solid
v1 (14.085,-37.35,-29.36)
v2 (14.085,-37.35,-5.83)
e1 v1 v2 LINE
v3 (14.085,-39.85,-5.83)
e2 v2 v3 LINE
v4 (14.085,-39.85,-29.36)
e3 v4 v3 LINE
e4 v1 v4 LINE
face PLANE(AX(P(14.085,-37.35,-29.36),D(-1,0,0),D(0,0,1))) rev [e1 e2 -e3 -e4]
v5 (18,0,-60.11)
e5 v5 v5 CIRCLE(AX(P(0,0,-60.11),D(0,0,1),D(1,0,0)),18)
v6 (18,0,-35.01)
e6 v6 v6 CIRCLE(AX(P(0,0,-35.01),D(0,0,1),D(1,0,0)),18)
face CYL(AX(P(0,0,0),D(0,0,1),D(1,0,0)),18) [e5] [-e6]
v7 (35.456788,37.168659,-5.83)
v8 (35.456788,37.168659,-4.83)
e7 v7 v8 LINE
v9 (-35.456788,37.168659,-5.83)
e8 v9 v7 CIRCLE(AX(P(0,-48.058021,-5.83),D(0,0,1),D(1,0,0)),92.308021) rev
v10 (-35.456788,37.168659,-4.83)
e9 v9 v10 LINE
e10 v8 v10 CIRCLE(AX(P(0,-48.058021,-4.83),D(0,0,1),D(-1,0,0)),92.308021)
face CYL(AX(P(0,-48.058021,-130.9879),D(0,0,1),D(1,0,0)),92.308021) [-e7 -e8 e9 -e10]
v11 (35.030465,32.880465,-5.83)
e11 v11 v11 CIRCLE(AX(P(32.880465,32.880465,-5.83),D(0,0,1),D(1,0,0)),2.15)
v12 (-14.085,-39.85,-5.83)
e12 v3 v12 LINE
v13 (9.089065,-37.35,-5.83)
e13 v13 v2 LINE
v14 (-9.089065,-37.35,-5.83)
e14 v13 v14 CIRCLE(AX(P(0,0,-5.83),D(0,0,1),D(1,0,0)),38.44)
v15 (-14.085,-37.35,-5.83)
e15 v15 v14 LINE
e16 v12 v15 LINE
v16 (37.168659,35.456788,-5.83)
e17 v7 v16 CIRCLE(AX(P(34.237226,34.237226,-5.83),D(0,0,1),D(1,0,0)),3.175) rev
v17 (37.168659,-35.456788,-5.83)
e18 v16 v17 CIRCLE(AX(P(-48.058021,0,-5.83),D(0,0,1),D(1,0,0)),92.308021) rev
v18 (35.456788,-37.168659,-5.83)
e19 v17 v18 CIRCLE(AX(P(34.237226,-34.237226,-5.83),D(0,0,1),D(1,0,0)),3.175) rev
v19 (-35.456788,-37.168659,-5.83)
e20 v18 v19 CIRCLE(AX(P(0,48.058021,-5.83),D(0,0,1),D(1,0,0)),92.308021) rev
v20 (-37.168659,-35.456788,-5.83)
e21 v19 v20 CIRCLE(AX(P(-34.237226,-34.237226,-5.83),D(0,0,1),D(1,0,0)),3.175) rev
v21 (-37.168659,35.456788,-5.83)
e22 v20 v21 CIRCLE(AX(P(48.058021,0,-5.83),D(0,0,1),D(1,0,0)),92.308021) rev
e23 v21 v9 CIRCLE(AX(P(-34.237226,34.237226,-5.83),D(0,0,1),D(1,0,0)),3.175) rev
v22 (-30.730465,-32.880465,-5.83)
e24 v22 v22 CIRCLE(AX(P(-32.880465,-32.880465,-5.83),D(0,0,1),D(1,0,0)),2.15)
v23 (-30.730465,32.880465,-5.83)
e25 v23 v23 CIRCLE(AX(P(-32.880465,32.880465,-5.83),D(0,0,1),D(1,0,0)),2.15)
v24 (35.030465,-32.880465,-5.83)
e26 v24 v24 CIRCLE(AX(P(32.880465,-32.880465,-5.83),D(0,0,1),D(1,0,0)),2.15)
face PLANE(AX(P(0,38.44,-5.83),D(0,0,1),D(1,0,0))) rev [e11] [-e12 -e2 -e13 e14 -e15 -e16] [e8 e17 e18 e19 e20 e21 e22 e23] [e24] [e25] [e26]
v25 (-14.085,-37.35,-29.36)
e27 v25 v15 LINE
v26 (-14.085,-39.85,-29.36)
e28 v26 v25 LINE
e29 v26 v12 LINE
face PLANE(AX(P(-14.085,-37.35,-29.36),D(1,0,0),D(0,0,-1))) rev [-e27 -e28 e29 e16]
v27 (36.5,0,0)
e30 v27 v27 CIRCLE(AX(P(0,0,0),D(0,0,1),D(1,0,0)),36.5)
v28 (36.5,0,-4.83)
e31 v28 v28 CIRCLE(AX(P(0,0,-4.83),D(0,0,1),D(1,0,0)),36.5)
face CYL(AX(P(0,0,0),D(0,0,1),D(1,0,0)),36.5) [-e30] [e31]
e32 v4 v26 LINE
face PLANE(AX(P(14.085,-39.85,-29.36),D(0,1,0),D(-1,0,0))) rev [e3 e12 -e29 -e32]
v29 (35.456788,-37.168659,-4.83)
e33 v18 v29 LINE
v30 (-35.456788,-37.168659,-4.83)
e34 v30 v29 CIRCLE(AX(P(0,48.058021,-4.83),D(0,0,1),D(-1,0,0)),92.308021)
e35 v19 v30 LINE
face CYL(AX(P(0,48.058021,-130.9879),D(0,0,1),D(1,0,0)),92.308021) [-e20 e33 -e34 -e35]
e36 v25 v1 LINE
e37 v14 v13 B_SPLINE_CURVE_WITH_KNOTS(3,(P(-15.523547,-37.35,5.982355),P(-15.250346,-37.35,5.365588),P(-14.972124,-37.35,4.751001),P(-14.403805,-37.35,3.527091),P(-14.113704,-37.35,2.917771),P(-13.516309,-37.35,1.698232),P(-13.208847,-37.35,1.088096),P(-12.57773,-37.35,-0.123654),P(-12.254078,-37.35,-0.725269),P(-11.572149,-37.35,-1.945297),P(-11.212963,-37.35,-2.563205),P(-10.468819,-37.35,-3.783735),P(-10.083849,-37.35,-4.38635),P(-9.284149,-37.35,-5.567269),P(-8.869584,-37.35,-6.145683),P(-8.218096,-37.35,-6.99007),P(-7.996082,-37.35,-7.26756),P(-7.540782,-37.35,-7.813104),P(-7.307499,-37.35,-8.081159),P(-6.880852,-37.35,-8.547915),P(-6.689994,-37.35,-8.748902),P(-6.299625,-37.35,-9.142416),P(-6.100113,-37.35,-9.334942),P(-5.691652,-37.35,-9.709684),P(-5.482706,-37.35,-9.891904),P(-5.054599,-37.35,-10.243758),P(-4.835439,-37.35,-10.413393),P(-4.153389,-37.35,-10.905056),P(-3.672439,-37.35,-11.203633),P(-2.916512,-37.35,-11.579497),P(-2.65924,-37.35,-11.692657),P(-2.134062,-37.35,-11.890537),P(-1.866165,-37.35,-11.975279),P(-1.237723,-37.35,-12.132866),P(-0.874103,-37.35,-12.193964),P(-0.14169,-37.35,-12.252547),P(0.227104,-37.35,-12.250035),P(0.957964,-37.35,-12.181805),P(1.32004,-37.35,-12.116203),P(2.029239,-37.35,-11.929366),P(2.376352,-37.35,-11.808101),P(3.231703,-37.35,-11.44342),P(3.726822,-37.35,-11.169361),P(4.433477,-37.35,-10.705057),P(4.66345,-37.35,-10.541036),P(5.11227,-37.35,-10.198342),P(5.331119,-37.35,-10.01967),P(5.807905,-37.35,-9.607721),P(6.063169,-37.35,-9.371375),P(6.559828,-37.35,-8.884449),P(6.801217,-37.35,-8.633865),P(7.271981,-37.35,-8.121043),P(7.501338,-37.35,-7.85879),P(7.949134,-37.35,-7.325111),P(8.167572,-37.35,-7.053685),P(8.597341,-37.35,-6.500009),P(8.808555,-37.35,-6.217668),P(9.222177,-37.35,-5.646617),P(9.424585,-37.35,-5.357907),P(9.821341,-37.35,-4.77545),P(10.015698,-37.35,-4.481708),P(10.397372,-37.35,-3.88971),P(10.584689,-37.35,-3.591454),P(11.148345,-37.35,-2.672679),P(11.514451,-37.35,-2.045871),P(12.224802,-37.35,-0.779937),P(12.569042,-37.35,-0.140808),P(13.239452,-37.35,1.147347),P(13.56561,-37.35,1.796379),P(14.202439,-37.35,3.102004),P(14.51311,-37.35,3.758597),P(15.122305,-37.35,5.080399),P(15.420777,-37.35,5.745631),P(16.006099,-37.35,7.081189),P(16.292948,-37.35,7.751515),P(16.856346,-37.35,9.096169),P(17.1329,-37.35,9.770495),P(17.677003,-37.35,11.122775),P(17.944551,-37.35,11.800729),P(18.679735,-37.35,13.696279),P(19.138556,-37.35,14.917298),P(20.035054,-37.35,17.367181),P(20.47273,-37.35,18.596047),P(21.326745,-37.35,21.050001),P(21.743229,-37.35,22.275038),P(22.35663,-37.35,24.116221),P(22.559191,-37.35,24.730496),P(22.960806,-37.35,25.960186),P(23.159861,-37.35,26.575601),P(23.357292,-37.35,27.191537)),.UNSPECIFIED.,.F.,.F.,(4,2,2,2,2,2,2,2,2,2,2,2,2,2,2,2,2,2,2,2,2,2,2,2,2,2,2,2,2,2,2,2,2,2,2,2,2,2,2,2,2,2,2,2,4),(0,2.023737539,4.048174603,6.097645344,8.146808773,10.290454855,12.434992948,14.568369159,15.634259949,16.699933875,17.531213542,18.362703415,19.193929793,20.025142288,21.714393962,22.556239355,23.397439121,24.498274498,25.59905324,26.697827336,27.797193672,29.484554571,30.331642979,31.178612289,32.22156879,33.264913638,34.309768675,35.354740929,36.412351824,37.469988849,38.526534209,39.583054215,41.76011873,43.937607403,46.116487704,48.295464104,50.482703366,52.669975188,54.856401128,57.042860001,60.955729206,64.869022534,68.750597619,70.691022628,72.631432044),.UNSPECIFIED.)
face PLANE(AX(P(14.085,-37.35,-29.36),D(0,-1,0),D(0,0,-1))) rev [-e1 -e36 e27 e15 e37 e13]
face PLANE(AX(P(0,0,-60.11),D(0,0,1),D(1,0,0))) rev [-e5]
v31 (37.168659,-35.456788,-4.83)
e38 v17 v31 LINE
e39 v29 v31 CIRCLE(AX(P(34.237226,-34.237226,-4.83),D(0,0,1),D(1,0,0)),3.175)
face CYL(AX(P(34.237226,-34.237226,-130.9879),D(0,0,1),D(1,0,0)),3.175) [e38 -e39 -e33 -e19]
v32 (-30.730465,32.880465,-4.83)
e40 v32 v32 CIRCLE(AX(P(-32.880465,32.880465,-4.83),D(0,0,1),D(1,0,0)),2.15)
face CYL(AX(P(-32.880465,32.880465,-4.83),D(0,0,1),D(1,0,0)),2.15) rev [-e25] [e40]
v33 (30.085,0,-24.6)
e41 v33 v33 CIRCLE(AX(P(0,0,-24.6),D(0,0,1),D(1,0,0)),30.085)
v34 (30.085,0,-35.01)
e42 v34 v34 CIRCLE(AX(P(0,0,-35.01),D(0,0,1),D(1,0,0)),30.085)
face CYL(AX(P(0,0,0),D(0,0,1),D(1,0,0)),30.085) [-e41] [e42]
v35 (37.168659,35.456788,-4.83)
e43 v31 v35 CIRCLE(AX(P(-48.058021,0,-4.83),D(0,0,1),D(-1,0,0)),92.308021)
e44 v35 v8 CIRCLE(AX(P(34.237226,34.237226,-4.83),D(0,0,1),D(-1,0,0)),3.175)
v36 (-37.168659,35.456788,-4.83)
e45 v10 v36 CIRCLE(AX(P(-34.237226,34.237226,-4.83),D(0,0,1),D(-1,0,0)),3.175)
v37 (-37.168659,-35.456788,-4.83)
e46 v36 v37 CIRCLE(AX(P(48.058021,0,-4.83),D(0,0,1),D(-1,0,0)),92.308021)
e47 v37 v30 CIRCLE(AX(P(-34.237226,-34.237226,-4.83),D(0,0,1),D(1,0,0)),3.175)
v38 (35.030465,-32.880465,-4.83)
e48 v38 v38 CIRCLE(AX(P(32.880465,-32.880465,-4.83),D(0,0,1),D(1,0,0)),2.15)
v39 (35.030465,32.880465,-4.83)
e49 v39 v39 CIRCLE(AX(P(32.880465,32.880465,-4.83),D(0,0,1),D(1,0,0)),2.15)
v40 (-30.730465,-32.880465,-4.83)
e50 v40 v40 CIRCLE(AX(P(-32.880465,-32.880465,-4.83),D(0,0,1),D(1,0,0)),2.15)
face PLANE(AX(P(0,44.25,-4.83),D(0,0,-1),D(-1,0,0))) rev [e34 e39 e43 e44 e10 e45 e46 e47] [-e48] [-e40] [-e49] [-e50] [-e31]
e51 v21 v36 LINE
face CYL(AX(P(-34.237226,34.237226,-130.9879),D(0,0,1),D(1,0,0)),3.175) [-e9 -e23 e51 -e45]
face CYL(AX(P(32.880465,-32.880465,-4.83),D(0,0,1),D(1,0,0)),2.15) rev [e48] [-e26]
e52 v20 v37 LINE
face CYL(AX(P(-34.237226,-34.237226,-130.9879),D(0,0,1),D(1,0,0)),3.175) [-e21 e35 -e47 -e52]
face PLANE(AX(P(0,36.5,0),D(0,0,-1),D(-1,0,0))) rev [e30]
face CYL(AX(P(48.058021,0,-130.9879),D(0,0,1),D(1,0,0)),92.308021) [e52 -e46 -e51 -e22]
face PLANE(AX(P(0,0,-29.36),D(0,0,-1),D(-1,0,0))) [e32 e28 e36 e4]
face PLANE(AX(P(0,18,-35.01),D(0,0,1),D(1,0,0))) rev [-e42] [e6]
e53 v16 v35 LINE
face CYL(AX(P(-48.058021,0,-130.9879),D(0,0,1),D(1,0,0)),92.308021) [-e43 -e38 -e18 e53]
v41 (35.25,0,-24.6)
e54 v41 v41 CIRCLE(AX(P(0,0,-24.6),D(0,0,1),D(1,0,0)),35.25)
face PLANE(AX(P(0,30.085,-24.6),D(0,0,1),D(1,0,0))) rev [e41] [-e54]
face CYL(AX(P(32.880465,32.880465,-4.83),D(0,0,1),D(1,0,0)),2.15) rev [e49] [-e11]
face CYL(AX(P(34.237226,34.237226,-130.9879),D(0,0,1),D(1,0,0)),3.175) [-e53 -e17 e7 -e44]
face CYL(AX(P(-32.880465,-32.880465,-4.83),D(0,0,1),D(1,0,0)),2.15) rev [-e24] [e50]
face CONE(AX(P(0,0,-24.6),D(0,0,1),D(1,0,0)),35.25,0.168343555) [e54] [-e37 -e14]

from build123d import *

# Parameters (mm, degrees)
BOSS_EXTRUDE1_DEPTH        = 1
F_4_3_4_3_DIAMETER_HOLE1_D = 4.3
SKETCH6_W                  = 28.17
SKETCH6_H                  = 2.5
BOSS_EXTRUDE2_DEPTH        = 23.53


with BuildPart() as part:
    # Sketch1 → Revolve1 (revolve)
    with BuildSketch(Plane(origin=(0, 0, 0), x_dir=(0, 0, -1), z_dir=(1, 0, 0)), mode=Mode.PRIVATE) as revolve1_sk:
        Polygon((60.11, 0), (60.11, 18), (35.01, 18), (35.01, 30.085), (24.6, 30.085), (24.6, 35.25), (5.83, 38.44), (5.83, 44.25), (4.83, 44.25), (4.83, 36.5), (0, 36.5), (0, 0), align=None)
    revolve(revolve1_sk.sketch.rotate(Axis((0, 0, 0), (0, 0, -1)), 90), axis=Axis((0, 0, 0), (0, 0, -1)))

    # Sketch2 → Boss-Extrude1 (add)
    with BuildSketch(Plane.XY.offset(-4.83)):
        with BuildLine():
            ThreePointArc((-35.456787888, 37.168658693), (0, 44.25), (35.456787888, 37.168658693))
            ThreePointArc((35.456787888, 37.168658693), (36.482290492, 36.482290492), (37.168658693, 35.456787888))
            ThreePointArc((37.168658693, 35.456787888), (44.25, 0), (37.168658693, -35.456787888))
            ThreePointArc((37.168658693, -35.456787888), (36.482290492, -36.482290492), (35.456787888, -37.168658693))
            ThreePointArc((35.456787888, -37.168658693), (0, -44.25), (-35.456787888, -37.168658693))
            ThreePointArc((-35.456787888, -37.168658693), (-36.482290492, -36.482290492), (-37.168658693, -35.456787888))
            ThreePointArc((-37.168658693, -35.456787888), (-44.25, 0), (-37.168658693, 35.456787888))
            ThreePointArc((-37.168658693, 35.456787888), (-36.482290492, 36.482290492), (-35.456787888, 37.168658693))
        make_face()
    extrude(amount=-BOSS_EXTRUDE1_DEPTH)

    # Ø4.3 (4.3) Diameter Hole1 (through all)
    with Locations(Plane.XY.offset(-4.83)):
        with Locations((-32.880465325, 32.880465325), (32.880465325, 32.880465325), (32.880465325, -32.880465325), (-32.880465325, -32.880465325)):
            Hole(F_4_3_4_3_DIAMETER_HOLE1_D / 2)

    # Sketch6 → Boss-Extrude2 (add)
    with BuildSketch(Plane(origin=(0, 0, -5.83), x_dir=(-1, 0, 0), z_dir=(0, 0, -1))):
        with Locations((0, -38.6)):
            Rectangle(SKETCH6_W, SKETCH6_H)
    extrude(amount=BOSS_EXTRUDE2_DEPTH)


solid = part.part
